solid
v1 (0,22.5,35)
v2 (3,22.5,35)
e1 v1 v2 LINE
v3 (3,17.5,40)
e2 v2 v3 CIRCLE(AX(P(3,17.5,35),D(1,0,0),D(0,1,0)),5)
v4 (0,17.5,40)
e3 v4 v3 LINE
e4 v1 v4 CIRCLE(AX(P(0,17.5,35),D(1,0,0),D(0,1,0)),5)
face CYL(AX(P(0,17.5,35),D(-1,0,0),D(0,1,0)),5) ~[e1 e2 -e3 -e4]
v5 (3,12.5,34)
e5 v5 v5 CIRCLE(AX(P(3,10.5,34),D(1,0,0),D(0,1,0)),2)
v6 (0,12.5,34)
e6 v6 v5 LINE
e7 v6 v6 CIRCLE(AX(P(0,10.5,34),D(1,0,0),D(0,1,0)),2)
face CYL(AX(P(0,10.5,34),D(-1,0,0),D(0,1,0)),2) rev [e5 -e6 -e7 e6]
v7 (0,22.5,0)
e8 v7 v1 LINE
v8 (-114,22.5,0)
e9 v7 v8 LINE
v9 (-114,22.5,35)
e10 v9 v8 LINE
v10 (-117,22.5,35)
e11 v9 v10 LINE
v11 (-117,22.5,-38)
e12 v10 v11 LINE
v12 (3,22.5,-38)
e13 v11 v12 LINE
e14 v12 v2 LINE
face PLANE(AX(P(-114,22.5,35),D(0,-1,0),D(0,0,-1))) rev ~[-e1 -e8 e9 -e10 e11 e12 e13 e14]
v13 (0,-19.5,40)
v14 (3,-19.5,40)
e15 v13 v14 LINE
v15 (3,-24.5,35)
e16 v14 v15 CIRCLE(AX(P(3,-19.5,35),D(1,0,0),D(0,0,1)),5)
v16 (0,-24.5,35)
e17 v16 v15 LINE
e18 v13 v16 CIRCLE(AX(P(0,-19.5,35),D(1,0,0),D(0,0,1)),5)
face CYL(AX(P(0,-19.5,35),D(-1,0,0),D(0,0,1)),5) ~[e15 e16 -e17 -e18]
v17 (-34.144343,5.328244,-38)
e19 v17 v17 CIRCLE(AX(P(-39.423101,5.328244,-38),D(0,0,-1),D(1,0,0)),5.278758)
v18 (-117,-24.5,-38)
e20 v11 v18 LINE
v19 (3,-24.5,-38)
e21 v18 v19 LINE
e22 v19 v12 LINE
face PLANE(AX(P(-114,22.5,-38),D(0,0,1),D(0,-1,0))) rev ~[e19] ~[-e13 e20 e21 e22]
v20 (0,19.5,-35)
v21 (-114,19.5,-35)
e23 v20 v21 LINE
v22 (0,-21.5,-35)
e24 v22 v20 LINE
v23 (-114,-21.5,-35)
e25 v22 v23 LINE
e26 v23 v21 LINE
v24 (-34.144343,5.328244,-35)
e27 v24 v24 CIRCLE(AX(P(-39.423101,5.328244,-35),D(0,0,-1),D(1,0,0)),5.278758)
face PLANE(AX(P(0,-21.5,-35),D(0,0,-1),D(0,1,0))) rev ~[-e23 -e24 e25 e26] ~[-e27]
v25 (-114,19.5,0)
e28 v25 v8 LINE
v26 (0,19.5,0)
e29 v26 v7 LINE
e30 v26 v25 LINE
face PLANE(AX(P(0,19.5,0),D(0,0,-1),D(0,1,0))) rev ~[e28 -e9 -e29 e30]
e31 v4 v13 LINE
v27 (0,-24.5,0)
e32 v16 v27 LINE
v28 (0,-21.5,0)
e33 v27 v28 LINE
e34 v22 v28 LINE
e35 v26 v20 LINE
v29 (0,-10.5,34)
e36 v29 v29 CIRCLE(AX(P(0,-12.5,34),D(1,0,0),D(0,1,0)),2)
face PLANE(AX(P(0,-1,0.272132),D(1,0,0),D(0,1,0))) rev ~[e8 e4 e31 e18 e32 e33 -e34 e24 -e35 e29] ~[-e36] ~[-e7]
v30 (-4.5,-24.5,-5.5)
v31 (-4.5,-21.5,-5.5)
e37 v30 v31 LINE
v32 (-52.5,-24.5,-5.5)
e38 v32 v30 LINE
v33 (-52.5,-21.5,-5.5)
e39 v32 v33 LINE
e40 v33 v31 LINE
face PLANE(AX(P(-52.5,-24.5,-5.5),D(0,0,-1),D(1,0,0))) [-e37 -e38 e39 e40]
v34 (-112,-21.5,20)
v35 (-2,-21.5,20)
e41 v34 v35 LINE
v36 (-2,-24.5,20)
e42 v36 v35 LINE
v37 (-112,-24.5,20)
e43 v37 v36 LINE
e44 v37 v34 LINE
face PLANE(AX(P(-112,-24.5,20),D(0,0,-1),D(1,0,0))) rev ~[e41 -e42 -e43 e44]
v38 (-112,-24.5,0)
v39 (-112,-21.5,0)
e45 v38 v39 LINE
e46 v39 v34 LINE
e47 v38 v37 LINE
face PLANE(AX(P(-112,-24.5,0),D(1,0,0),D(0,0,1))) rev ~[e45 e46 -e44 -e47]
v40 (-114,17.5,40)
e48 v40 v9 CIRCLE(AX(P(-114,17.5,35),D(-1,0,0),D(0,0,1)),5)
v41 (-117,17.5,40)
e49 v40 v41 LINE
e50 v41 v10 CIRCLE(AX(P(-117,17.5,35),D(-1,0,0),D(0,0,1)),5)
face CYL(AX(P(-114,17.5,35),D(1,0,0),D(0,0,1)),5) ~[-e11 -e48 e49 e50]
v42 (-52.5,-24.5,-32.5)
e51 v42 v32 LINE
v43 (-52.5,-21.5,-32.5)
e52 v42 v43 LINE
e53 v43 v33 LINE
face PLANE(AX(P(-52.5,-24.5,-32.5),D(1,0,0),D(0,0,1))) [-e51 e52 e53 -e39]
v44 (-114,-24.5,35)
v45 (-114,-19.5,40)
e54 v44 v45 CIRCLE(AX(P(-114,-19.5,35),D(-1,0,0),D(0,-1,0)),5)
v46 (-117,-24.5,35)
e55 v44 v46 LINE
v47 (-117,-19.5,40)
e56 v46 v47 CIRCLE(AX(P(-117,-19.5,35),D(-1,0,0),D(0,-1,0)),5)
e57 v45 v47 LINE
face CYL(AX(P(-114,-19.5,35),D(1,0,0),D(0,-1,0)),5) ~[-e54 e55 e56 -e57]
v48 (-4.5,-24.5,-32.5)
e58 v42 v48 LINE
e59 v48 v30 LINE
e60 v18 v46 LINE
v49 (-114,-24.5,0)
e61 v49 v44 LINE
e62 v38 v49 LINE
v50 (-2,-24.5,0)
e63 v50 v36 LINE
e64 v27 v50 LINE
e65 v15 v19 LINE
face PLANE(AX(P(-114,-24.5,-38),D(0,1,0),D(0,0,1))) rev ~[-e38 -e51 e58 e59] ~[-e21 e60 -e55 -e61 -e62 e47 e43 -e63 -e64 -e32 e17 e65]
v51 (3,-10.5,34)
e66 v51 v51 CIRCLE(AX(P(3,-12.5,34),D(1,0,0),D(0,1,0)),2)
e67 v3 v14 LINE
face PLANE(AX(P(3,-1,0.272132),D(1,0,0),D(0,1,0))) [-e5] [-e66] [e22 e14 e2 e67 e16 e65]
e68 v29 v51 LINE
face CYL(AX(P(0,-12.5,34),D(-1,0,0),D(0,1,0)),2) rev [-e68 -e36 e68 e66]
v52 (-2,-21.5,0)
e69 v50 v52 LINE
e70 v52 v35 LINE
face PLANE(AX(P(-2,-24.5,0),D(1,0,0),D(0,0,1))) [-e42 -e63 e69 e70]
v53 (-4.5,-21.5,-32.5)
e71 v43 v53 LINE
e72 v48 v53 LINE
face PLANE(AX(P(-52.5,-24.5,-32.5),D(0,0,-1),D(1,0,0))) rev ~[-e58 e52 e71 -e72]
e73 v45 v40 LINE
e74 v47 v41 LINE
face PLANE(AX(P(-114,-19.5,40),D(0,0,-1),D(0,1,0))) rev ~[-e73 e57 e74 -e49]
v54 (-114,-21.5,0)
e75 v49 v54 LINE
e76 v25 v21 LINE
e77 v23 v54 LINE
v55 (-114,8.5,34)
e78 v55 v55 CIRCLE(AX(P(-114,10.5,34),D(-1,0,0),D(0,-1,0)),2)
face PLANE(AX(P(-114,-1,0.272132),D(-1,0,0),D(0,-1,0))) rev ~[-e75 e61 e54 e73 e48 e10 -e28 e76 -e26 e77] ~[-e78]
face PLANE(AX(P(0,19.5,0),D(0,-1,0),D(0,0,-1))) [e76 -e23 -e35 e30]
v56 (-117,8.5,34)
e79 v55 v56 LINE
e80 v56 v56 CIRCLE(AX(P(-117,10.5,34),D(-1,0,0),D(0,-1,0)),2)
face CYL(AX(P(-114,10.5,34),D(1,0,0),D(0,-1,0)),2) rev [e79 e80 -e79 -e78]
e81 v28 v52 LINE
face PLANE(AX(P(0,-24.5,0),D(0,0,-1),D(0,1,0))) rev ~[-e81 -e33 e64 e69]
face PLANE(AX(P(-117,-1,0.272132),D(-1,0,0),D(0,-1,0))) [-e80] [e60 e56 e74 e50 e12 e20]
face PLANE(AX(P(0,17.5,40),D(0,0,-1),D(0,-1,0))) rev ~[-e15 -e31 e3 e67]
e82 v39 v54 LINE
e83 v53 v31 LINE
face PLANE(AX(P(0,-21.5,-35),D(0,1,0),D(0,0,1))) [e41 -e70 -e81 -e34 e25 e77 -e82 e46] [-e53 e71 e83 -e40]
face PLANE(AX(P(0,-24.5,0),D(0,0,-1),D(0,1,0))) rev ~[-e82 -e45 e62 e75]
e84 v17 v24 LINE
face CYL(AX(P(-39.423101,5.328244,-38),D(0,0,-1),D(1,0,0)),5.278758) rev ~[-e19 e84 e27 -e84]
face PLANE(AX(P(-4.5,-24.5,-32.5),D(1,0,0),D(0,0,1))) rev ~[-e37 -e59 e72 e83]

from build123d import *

# Parameters (mm, degrees)
F2_R      = 2
F3_DEPTH  = 3
F4_W      = 3
F4_H      = 35
F4_H_2    = 3
F4_W_2    = 41
F5_DEPTH  = 114
F6_R      = 2
F7_DEPTH  = 3
F8_W      = 110
F8_H      = 20
F9_DEPTH  = 3
F10_W     = 48
F10_H     = 27
F11_DEPTH = 3
F12_R     = 5.2787577195
F13_DEPTH = 3


with BuildPart() as f3:
    # F2 (on Right) → F3 (new body)
    with BuildSketch(Plane.YZ):
        with BuildLine():
            ThreePointArc((22.5, 35), (21.0355339059, 38.5355339059), (17.5, 40))
            Line((17.5, 40), (-19.5, 40))
            ThreePointArc((-19.5, 40), (-23.0355339059, 38.5355339059), (-24.5, 35))
            Line((-24.5, 35), (-24.5, -38))
            Line((-24.5, -38), (22.5, -38))
            Line((22.5, -38), (22.5, 35))
        make_face()
        with Locations((-12.5, 34)):
            Circle(F2_R, mode=Mode.SUBTRACT)
        with Locations((10.5, 34)):
            Circle(F2_R, mode=Mode.SUBTRACT)
    extrude(amount=F3_DEPTH)

    # F4 (on Right) → F5 (join)
    with BuildSketch(Plane.YZ):
        with Locations((-23, -17.5)):
            Rectangle(F4_W, F4_H)
        with Locations((21, -36.5)):
            Rectangle(F4_W, F4_H_2)
        with Locations((21, -17.5)):
            Rectangle(F4_W, F4_H)
        with Locations((-1, -36.5)):
            Rectangle(F4_W_2, F4_H_2)
        with Locations((-23, -36.5)):
            Rectangle(F4_W, F4_H_2)
    extrude(amount=-F5_DEPTH)

    # F6 (on face) → F7 (join)
    with BuildSketch(Plane(origin=(-114, 0, 0), x_dir=(0, -1, 0), z_dir=(-1, 0, 0))):
        with BuildLine():
            ThreePointArc((24.5, 35), (23.0355339059, 38.5355339059), (19.5, 40))
            Line((19.5, 40), (-17.5, 40))
            ThreePointArc((-17.5, 40), (-21.0355339059, 38.5355339059), (-22.5, 35))
            Line((-22.5, 35), (-22.5, -38))
            Line((-22.5, -38), (24.5, -38))
            Line((24.5, -38), (24.5, 35))
        make_face()
        with Locations((-10.5, 34)):
            Circle(F6_R, mode=Mode.SUBTRACT)
    extrude(amount=F7_DEPTH)

    # F8 (on face) → F9 (join)
    with BuildSketch(Plane.XZ.offset(24.5)):
        with Locations((-57, 10)):
            Rectangle(F8_W, F8_H)
    extrude(amount=-F9_DEPTH)

    # F10 (on face) → F11 (cut, through all)
    with BuildSketch(Plane.XZ.offset(24.5)):
        with Locations((-28.5, -19)):
            Rectangle(F10_W, F10_H)
    extrude(amount=-F11_DEPTH, mode=Mode.SUBTRACT)

    # F12 (on face) → F13 (cut, through all)
    with BuildSketch(Plane(origin=(0, 0, -38), x_dir=(1, 0, 0), z_dir=(0, 0, -1))):
        with Locations((-39.4231006503, -5.3282435983)):
            Circle(F12_R)
    extrude(amount=-F13_DEPTH, mode=Mode.SUBTRACT)


solid = f3.part
